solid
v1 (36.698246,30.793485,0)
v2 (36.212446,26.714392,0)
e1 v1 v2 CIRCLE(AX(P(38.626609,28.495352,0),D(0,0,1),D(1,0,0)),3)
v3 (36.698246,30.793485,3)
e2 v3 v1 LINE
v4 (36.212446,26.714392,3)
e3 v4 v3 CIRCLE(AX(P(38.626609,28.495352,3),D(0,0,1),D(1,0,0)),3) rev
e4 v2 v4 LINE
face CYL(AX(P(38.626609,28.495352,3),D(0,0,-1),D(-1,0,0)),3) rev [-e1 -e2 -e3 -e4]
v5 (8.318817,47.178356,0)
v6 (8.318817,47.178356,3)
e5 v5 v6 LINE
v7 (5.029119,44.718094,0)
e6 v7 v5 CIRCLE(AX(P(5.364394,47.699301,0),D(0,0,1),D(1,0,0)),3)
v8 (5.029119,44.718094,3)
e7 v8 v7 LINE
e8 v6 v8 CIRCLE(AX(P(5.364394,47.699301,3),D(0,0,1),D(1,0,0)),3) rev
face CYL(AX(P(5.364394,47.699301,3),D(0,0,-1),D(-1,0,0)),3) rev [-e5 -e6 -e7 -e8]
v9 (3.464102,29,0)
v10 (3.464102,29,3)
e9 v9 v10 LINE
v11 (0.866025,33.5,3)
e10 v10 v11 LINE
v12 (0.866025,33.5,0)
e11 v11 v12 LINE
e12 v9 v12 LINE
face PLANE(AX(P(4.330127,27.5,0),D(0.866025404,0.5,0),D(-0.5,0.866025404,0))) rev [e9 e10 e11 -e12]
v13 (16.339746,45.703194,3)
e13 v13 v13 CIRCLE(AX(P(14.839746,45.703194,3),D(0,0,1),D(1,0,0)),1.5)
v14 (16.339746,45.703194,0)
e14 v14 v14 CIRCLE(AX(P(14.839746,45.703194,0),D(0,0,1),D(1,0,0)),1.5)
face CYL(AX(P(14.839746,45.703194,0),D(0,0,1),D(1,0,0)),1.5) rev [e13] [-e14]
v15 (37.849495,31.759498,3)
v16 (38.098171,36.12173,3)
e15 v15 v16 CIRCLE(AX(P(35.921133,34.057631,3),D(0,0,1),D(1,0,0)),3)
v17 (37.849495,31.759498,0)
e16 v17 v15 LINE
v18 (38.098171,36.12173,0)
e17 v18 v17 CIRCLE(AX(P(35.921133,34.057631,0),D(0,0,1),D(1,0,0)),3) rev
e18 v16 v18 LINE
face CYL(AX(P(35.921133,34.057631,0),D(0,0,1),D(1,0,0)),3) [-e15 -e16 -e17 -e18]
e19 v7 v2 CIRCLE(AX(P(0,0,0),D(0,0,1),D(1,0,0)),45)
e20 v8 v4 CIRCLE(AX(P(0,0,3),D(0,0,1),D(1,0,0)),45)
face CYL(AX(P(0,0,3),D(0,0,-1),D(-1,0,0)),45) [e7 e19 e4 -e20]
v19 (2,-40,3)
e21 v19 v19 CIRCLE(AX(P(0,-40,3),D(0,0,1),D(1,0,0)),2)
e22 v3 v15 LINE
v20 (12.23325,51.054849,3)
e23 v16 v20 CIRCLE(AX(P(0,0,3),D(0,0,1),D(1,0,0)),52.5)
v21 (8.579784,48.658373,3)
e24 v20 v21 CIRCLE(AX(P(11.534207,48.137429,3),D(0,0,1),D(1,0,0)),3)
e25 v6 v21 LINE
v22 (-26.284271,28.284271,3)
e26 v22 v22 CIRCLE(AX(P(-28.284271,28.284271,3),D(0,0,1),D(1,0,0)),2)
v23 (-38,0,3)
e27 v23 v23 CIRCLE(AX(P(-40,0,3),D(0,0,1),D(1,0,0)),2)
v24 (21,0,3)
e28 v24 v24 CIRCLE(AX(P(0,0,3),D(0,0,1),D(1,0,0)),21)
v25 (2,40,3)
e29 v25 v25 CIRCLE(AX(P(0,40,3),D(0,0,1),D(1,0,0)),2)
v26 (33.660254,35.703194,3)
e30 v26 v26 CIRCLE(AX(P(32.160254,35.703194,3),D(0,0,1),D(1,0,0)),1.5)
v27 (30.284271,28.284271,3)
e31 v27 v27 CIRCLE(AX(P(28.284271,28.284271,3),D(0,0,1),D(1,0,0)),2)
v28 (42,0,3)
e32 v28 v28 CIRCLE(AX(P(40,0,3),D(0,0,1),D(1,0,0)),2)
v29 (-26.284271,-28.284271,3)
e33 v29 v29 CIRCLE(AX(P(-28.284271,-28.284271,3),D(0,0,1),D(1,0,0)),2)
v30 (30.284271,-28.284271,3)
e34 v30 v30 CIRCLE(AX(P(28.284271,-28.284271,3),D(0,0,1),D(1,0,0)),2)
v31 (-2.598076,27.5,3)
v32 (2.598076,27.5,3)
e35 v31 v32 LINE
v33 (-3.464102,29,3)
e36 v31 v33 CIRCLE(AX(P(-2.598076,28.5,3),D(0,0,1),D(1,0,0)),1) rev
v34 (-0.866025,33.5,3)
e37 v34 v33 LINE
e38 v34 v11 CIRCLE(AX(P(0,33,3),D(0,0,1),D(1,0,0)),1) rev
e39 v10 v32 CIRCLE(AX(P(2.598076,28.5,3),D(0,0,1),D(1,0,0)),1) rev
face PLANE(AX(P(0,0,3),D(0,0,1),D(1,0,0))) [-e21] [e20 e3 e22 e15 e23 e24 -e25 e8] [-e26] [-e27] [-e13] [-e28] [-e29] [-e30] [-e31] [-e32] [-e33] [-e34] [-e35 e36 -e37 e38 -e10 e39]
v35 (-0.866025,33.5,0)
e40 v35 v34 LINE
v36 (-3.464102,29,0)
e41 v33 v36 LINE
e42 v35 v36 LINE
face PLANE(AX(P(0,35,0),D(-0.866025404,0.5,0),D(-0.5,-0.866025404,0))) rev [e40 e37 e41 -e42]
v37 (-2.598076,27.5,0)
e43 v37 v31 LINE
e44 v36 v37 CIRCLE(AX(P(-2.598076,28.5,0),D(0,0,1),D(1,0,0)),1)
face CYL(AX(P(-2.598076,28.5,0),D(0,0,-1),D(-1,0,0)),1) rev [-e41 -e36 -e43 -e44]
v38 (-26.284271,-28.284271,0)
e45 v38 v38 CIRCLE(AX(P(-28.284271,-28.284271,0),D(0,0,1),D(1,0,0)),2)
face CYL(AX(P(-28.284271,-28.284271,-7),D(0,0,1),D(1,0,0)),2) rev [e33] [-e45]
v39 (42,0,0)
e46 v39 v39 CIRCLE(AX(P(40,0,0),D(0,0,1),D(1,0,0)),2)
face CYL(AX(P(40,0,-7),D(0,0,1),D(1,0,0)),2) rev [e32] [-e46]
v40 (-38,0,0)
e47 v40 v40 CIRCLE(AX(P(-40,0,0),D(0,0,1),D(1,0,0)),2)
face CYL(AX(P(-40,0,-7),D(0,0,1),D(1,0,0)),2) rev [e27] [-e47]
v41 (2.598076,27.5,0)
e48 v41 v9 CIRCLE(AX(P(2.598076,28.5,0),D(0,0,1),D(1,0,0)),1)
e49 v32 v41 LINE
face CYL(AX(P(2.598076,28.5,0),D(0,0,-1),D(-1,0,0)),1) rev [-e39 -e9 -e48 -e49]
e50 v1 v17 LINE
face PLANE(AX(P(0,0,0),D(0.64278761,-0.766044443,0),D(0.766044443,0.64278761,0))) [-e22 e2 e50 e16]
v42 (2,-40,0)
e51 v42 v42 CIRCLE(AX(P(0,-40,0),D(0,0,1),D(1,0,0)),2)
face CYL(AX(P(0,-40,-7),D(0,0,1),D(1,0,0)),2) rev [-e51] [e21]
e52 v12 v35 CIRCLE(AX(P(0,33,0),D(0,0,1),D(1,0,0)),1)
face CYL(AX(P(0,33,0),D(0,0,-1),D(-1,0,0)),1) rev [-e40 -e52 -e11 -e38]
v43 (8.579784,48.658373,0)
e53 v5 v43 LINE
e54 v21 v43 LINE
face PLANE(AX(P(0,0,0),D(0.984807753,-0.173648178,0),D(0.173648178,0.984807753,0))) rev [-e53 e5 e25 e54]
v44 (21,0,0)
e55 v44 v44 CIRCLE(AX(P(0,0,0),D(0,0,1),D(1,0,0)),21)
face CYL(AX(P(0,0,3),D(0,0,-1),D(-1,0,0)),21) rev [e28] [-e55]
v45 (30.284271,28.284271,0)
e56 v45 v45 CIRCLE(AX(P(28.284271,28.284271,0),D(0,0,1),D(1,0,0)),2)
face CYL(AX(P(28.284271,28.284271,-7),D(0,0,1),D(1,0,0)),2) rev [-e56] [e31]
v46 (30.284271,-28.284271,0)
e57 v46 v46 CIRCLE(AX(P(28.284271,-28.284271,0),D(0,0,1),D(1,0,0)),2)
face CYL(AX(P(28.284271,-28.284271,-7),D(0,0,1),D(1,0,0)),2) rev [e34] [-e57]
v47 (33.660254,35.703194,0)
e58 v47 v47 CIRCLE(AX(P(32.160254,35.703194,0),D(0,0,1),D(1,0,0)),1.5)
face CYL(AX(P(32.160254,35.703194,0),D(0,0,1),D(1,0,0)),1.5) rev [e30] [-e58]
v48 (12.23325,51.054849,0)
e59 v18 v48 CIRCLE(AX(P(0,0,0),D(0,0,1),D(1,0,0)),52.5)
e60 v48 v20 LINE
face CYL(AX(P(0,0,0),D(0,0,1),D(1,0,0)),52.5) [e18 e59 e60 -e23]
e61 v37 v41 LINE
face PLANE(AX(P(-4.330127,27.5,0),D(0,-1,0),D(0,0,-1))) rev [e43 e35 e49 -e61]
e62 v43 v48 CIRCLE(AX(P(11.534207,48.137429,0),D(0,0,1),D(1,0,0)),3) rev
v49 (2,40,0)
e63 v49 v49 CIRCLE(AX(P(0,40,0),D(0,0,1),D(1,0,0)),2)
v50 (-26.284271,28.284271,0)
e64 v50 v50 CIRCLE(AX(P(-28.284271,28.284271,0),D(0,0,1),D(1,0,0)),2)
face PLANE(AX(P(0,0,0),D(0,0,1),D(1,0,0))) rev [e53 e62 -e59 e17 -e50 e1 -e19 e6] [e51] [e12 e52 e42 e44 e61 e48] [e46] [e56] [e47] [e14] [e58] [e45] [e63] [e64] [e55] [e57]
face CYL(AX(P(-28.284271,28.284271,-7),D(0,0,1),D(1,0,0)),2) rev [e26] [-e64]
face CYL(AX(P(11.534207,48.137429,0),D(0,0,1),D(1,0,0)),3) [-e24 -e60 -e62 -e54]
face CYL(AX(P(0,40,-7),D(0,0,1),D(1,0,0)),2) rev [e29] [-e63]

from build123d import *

# Parameters (mm, degrees)
SKETCH_1_R          = 45
SKETCH_1_R_2        = 21
EXTRUDE_1_DEPTH     = 3
SKETCH_2_R          = 2
CUT_EXTRUDE_1_DEPTH = 10
CUT_EXTRUDE_2_DEPTH = 3
EXTRUDE_START       = -3
SKETCH_3_R          = 1.5
EXTRUDE_3_DEPTH     = 3
FILLET_2_R          = 1
FILLET_3_R          = 3


with BuildPart() as part:
    # 草图1 → 凸台-拉伸1 (new body)
    with BuildSketch(Plane.XY):
        Circle(SKETCH_1_R)
        Circle(SKETCH_1_R_2, mode=Mode.SUBTRACT)
    extrude(amount=EXTRUDE_1_DEPTH)

    # 草图2 → 切除-拉伸1 (cut)
    with BuildSketch(Plane.XY.offset(3)):
        with Locations((0, 40)):
            Circle(SKETCH_2_R)
        with Locations((28.284271247, 28.284271247)):
            Circle(SKETCH_2_R)
        with Locations((40, 0)):
            Circle(SKETCH_2_R)
        with Locations((28.284271247, -28.284271247)):
            Circle(SKETCH_2_R)
        with Locations((0, -40)):
            Circle(SKETCH_2_R)
        with Locations((-28.284271247, -28.284271247)):
            Circle(SKETCH_2_R)
        with Locations((-40, 0)):
            Circle(SKETCH_2_R)
        with Locations((-28.284271247, 28.284271247)):
            Circle(SKETCH_2_R)
    extrude(amount=-CUT_EXTRUDE_1_DEPTH, mode=Mode.SUBTRACT)

    # 草图4 → 切除-拉伸2 (cut)
    with BuildSketch(Plane.XY.offset(3)):
        Polygon((4.330127019, 27.5), (0, 35), (-4.330127019, 27.5), align=None)
    extrude(amount=-CUT_EXTRUDE_2_DEPTH, mode=Mode.SUBTRACT)

    # 草图3 → 凸台-拉伸3 (add)
    with BuildSketch(Plane.XY.offset(3).offset(EXTRUDE_START)):
        with BuildLine():
            Line((9.116529328, 51.702407033), (7.814167995, 44.316348886))
            ThreePointArc((7.814167995, 44.316348886), (22.5, 38.97114317), (34.47199994, 28.925442436))
            Line((34.47199994, 28.925442436), (40.217333264, 33.746349509))
            ThreePointArc((40.217333264, 33.746349509), (26.25, 45.466333699), (9.116529328, 51.702407033))
        make_face()
        with Locations((32.160254038, 35.703193978)):
            Circle(SKETCH_3_R, mode=Mode.SUBTRACT)
        with Locations((14.839745962, 45.703193978)):
            Circle(SKETCH_3_R, mode=Mode.SUBTRACT)
    extrude(amount=EXTRUDE_3_DEPTH)

    # 圆角2
    fillet_2_edges = [part.edges().sort_by_distance(p)[0] for p in [
        (4.330127019, 27.5, 1.5),
        (-4.330127019, 27.5, 1.5),
        (0, 35, 1.5),
    ]]
    fillet(fillet_2_edges, radius=FILLET_2_R)

    # 圆角3
    fillet_3_edges = [part.edges().sort_by_distance(p)[0] for p in [
        (40.217333264, 33.746349509, 1.5),
        (34.47199994, 28.925442436, 1.5),
        (7.814167995, 44.316348886, 1.5),
        (9.116529328, 51.702407033, 1.5),
    ]]
    fillet(fillet_3_edges, radius=FILLET_3_R)


solid = part.part
